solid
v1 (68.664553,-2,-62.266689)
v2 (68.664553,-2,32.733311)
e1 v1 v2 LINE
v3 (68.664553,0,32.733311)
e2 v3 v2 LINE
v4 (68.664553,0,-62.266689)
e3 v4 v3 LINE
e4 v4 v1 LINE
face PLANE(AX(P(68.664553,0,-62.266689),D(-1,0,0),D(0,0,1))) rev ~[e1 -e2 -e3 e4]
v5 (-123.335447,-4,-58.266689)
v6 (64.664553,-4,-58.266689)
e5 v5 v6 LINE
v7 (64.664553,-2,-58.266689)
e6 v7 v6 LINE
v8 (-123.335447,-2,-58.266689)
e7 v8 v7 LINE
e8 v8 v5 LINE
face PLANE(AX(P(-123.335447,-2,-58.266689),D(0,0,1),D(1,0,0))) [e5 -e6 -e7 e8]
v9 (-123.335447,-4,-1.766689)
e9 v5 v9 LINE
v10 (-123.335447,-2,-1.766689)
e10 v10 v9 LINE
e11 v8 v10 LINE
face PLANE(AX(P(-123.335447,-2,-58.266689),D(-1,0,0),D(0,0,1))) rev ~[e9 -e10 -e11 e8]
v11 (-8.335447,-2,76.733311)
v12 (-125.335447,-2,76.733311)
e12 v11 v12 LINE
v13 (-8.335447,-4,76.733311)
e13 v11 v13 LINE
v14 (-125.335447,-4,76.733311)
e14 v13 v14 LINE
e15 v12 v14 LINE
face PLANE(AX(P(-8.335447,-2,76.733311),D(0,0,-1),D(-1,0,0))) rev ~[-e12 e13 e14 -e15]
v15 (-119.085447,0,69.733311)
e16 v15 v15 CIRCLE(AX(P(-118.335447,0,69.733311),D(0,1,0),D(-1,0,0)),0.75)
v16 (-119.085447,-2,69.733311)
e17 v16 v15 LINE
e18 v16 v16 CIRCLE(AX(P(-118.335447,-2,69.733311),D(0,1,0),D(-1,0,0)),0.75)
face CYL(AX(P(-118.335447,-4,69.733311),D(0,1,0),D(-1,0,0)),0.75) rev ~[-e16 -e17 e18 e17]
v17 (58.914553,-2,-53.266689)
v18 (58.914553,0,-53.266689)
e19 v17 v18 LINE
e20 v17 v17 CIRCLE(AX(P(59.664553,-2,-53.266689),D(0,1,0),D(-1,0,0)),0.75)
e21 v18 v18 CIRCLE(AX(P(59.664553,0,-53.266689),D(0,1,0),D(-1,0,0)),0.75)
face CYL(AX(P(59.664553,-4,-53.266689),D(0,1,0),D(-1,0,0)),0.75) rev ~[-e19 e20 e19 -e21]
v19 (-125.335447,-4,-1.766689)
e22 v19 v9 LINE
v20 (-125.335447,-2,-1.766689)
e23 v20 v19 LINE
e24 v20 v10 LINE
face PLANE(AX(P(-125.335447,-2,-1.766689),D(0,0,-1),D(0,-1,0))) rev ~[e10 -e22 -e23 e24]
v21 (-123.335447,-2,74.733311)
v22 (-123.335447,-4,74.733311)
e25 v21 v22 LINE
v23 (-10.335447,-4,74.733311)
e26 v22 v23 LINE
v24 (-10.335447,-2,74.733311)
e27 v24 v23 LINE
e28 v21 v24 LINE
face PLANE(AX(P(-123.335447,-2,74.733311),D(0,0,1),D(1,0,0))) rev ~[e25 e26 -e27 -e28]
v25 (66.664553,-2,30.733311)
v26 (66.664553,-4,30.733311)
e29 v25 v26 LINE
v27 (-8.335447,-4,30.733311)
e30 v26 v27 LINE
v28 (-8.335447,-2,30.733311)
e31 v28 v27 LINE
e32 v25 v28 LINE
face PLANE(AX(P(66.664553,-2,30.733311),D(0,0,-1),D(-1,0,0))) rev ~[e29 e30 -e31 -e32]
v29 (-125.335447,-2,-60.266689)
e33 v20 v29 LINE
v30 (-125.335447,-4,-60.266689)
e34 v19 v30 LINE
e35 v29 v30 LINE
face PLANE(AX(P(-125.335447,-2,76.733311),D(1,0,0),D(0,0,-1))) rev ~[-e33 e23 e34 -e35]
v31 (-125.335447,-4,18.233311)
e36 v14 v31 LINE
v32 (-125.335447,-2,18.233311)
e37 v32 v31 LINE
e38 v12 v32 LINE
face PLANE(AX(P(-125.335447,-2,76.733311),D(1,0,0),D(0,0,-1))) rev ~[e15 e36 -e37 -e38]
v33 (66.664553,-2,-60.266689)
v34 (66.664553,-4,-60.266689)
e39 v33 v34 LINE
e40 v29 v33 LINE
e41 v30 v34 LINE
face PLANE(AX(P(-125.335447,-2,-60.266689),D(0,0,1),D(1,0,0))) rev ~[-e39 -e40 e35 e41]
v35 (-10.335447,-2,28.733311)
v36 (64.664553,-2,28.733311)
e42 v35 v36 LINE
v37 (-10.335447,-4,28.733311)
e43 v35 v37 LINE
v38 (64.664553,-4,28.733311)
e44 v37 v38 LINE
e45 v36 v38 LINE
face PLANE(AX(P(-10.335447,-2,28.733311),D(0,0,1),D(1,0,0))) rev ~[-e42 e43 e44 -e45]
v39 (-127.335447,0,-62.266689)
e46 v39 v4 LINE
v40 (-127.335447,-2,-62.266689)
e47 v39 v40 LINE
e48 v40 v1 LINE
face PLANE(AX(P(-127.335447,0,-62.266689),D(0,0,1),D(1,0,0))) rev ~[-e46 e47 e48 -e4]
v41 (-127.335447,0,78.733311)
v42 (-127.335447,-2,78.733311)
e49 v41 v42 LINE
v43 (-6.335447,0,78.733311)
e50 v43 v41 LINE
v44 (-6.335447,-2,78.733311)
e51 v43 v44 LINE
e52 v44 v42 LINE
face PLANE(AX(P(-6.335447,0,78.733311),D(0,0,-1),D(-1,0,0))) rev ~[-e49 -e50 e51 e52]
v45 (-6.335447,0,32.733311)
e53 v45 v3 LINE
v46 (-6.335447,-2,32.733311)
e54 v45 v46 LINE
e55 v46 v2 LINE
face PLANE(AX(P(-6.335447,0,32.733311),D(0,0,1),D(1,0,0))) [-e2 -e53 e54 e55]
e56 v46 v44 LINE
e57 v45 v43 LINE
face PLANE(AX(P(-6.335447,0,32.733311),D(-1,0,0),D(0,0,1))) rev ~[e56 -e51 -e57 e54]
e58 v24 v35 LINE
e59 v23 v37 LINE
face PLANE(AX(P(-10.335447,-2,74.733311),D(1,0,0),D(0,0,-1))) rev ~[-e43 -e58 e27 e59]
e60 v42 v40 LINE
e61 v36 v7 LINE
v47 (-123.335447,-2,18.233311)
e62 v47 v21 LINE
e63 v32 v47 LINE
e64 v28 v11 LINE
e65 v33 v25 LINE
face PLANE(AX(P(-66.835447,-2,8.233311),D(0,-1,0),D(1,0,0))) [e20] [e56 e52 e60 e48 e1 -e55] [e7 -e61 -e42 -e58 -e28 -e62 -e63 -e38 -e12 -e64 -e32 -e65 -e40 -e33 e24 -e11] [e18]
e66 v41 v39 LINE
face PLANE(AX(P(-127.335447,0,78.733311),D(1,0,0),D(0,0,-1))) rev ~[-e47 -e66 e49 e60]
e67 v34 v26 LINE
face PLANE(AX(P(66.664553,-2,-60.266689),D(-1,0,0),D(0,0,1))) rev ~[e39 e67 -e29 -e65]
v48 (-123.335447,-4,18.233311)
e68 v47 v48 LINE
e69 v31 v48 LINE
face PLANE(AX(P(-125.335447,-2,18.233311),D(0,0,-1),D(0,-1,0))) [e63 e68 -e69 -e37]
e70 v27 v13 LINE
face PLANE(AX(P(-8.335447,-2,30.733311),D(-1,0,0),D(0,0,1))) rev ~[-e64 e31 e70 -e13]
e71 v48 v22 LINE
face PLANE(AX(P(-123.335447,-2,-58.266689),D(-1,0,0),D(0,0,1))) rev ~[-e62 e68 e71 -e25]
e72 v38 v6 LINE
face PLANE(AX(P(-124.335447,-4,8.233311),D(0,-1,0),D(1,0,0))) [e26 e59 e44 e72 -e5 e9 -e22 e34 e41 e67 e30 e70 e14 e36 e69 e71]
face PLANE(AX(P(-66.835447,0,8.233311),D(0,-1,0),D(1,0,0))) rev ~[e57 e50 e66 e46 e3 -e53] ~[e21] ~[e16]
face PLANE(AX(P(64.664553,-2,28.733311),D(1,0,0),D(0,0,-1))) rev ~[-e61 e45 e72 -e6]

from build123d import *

# Parameters (mm, degrees)
F0_W     = 75
F0_H     = 95
F1_DEPTH = 2
F2_W     = 188
F2_H     = 2
F3_DEPTH = 2
F5_D     = 1.5
F5_DEPTH = 2
F6_W     = 2
F6_H     = 20
F7_DEPTH = 25


with BuildPart() as f1:
    # F0 (on Front) → F1 (new body)
    with BuildSketch(Plane.XZ):
        Polygon((-127.335447, -62.266689), (-6.335447, -62.266689), (-6.335447, 32.733311), (-6.335447, 78.733311), (-127.335447, 78.733311), align=None)
        with Locations((31.164553, -14.766689)):
            Rectangle(F0_W, F0_H)
    extrude(amount=F1_DEPTH)

    # F2 (on face) → F3 (join)
    with BuildSketch(Plane.XZ.offset(2)):
        Polygon((-123.335447, 76.733311), (-125.335447, 76.733311), (-125.335447, -60.266689), (-123.335447, -60.266689), (-123.335447, -58.266689), (-123.335447, 74.733311), align=None)
        Polygon((-8.335447, 76.733311), (-123.335447, 76.733311), (-123.335447, 74.733311), (-10.335447, 74.733311), (-8.335447, 74.733311), align=None)
        with Locations((-29.335447, -59.266689)):
            Rectangle(F2_W, F2_H)
        Polygon((-8.335447, 74.733311), (-10.335447, 74.733311), (-10.335447, 28.733311), (-8.335447, 28.733311), (-8.335447, 30.733311), align=None)
        Polygon((64.664553, -58.266689), (64.664553, -60.266689), (66.664553, -60.266689), (66.664553, 28.733311), (64.664553, 28.733311), align=None)
        Polygon((66.664553, 30.733311), (-8.335447, 30.733311), (-8.335447, 28.733311), (64.664553, 28.733311), (66.664553, 28.733311), align=None)
    extrude(amount=F3_DEPTH)

    # F5
    with Locations(Plane.XZ.offset(2)):
        with Locations((-118.335447, 69.733311), (59.664553, -53.266689)):
            Hole(F5_D / 2, depth=F5_DEPTH)

    # F6 (on face) → F7 (cut)
    with BuildSketch(Plane(origin=(-125.335447, 0, 0), x_dir=(0, -1, 0), z_dir=(-1, 0, 0))):
        with Locations((3, 8.233311)):
            Rectangle(F6_W, F6_H)
    extrude(amount=-F7_DEPTH, mode=Mode.SUBTRACT)


solid = f1.part
